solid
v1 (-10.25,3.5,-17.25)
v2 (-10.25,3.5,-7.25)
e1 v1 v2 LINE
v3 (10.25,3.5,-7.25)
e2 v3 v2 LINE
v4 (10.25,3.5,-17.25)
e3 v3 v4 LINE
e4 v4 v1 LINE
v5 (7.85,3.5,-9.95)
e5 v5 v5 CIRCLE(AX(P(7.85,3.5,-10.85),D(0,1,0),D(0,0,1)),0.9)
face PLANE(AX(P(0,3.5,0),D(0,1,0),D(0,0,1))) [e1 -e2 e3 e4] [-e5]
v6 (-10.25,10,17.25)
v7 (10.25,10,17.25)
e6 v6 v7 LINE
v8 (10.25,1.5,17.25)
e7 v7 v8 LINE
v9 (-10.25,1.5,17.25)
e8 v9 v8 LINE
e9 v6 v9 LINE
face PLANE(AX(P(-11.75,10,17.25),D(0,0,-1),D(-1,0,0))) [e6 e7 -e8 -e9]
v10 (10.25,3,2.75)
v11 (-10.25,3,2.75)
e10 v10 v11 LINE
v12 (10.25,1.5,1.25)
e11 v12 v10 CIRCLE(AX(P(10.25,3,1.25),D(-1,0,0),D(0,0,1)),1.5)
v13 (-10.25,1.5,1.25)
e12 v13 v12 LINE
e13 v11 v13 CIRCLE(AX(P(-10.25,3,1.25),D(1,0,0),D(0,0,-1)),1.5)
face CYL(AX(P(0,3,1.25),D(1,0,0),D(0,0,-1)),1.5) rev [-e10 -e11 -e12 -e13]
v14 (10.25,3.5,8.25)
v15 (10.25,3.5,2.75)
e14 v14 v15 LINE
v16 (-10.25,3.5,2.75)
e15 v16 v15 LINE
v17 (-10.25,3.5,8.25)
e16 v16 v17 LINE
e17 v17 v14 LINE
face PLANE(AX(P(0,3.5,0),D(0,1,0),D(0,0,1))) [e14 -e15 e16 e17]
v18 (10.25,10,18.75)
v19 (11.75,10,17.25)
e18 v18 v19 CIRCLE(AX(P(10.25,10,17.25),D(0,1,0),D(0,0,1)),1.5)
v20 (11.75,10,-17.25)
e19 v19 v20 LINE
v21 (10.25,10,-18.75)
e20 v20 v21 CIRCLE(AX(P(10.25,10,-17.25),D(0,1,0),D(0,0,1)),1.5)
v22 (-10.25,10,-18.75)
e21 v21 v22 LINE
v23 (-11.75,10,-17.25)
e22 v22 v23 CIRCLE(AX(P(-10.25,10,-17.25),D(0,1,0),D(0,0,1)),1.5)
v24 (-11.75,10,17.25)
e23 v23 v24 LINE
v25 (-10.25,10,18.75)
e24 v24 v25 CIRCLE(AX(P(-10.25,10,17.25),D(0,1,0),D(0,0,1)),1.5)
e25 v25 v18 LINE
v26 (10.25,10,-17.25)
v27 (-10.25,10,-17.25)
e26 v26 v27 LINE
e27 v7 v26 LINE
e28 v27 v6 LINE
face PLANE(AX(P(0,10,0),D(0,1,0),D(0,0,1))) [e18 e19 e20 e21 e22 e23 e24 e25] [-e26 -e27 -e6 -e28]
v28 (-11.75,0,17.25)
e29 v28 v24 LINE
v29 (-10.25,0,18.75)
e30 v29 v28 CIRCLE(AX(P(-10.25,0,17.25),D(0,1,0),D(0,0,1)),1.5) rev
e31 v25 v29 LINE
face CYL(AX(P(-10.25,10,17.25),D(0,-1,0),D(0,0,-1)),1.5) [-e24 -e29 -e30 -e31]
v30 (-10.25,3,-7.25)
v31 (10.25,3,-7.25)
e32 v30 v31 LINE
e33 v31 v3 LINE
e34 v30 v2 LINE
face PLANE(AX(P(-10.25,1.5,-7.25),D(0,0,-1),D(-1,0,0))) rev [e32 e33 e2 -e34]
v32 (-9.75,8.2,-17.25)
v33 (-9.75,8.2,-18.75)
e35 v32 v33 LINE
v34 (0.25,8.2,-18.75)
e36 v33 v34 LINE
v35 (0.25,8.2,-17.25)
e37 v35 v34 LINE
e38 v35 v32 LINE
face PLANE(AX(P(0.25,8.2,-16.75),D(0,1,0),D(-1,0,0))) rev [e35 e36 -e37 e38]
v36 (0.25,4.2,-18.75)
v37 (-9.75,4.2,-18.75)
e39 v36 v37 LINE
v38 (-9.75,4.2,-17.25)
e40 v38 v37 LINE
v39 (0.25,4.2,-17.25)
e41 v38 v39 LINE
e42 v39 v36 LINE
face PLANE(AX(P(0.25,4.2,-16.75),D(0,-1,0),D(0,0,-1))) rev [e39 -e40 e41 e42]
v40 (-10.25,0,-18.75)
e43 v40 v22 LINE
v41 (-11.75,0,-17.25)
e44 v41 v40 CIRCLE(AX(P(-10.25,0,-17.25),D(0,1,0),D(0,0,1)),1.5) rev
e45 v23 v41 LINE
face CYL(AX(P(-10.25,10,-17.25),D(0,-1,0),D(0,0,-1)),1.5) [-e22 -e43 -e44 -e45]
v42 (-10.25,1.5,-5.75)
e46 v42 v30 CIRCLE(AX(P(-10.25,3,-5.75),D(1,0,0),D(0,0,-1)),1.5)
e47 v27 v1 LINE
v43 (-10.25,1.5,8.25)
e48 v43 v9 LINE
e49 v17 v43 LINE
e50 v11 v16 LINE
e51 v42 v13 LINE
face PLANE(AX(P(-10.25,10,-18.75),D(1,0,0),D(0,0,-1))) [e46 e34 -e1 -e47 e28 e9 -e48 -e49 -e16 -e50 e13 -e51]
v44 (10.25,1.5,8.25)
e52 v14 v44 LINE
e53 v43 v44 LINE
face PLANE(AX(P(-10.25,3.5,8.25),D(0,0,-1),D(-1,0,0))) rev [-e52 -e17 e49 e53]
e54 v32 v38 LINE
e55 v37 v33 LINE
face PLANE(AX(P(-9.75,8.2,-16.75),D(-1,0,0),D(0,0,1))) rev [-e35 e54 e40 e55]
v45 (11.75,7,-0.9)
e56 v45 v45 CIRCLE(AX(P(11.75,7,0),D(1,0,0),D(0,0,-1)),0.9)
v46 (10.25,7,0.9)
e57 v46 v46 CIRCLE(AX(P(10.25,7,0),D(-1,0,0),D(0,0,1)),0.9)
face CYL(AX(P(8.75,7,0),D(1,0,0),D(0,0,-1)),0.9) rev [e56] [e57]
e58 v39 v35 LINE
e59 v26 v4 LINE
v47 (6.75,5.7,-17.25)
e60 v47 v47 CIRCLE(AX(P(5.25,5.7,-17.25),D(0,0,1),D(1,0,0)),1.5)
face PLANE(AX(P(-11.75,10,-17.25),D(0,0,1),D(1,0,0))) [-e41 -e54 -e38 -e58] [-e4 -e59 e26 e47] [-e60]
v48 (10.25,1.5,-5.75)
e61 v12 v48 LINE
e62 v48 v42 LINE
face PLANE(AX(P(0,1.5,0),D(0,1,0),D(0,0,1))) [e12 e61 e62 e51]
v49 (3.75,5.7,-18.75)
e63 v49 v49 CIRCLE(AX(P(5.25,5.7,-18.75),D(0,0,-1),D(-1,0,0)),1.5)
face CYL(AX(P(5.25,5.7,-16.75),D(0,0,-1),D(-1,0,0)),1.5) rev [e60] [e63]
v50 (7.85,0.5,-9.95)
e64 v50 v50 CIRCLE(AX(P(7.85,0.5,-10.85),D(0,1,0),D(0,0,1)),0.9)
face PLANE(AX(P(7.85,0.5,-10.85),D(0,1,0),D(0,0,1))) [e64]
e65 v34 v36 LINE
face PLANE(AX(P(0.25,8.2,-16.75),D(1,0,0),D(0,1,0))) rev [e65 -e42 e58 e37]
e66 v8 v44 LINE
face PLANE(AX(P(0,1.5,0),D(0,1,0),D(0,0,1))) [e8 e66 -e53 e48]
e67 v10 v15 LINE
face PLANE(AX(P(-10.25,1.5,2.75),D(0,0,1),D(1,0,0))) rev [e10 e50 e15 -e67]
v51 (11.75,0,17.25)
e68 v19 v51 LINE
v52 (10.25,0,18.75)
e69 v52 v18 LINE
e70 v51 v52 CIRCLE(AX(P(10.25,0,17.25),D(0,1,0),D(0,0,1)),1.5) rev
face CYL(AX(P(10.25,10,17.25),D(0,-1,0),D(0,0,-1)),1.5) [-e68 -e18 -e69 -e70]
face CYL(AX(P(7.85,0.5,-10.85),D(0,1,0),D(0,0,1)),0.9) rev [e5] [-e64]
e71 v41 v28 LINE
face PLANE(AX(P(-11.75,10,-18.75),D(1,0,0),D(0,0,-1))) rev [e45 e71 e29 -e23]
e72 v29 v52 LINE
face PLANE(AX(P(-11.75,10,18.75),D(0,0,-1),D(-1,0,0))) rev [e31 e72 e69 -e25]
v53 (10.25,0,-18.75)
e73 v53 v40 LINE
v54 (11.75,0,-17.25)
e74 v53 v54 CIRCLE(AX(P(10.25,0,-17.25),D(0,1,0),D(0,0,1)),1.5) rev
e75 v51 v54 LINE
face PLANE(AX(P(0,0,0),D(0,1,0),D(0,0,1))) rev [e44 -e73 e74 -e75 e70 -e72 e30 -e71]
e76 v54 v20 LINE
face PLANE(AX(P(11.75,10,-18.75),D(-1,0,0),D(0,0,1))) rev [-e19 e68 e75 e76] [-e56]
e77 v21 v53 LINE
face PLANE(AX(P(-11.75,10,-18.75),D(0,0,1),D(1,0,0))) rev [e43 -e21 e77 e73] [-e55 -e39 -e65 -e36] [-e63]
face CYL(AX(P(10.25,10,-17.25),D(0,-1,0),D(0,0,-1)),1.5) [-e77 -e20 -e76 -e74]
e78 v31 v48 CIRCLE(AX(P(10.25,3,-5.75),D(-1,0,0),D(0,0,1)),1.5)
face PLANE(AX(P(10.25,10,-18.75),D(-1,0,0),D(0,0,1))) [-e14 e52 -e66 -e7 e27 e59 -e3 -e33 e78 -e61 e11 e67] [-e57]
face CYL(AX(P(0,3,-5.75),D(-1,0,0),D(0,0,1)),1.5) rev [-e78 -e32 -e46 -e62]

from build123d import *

# Parameters (mm, degrees)
SKETCH_2_W          = 23.5
SKETCH_2_H          = 37.5
EXTRUDE_1_DEPTH     = 10
SHELL_1_T           = -1.5
FILLET_1_R          = 1.5
SKETCH_3_W          = 20.5
SKETCH_3_H          = 25.5
EXTRUDE_2_DEPTH     = 2
SKETCH_4_W          = 20.5
SKETCH_4_H          = 10
CUT_EXTRUDE_1_DEPTH = 2
FILLET_2_R          = 1.5
SKETCH_6_W          = 10
SKETCH_6_H          = 4
CUT_EXTRUDE_2_DEPTH = 2
SKETCH_7_R          = 1.5
CUT_EXTRUDE_3_DEPTH = 2
SKETCH_8_R          = 0.9
CUT_EXTRUDE_4_DEPTH = 3
SKETCH_9_R          = 0.9
CUT_EXTRUDE_5_DEPTH = 3


with BuildPart() as part:
    # 草图2 → 凸台-拉伸1 (new body)
    with BuildSketch(Plane(origin=(0, 0, 0), x_dir=(1, 0, 0), z_dir=(0, 1, 0))):
        Rectangle(SKETCH_2_W, SKETCH_2_H)
    extrude(amount=EXTRUDE_1_DEPTH)

    # 抽壳1
    shell_1_openings = [part.faces().sort_by_distance(p)[0] for p in [
        (0, 10, 0),
    ]]
    offset(amount=SHELL_1_T, openings=shell_1_openings, kind=Kind.INTERSECTION)

    # 圆角1
    fillet_1_edges = [part.edges().sort_by_distance(p)[0] for p in [
        (-11.75, 5, -18.75),
        (11.75, 5, -18.75),
        (11.75, 5, 18.75),
        (-11.75, 5, 18.75),
    ]]
    fillet(fillet_1_edges, radius=FILLET_1_R)

    # 草图3 → 凸台-拉伸2 (add)
    with BuildSketch(Plane(origin=(0, 1.5, 0), x_dir=(1, 0, 0), z_dir=(0, 1, 0))):
        with Locations((0, 4.5)):
            Rectangle(SKETCH_3_W, SKETCH_3_H)
    extrude(amount=EXTRUDE_2_DEPTH)

    # 草图4 → 切除-拉伸1 (cut)
    with BuildSketch(Plane(origin=(0, 3.5, 0), x_dir=(1, 0, 0), z_dir=(0, 1, 0))):
        with Locations((0, 2.25)):
            Rectangle(SKETCH_4_W, SKETCH_4_H)
    extrude(amount=-CUT_EXTRUDE_1_DEPTH, mode=Mode.SUBTRACT)

    # 圆角2
    fillet_2_edges = [part.edges().sort_by_distance(p)[0] for p in [
        (0, 1.5, -7.25),
        (0, 1.5, 2.75),
    ]]
    fillet(fillet_2_edges, radius=FILLET_2_R)

    # 草图6 → 切除-拉伸2 (cut)
    with BuildSketch(Plane(origin=(0, 0, -18.75), x_dir=(-1, 0, 0), z_dir=(0, 0, -1))):
        with Locations((4.75, 6.2)):
            Rectangle(SKETCH_6_W, SKETCH_6_H)
    extrude(amount=-CUT_EXTRUDE_2_DEPTH, mode=Mode.SUBTRACT)

    # 草图7 → 切除-拉伸3 (cut)
    with BuildSketch(Plane(origin=(0, 0, -18.75), x_dir=(-1, 0, 0), z_dir=(0, 0, -1))):
        with Locations((-5.25, 5.7)):
            Circle(SKETCH_7_R)
    extrude(amount=-CUT_EXTRUDE_3_DEPTH, mode=Mode.SUBTRACT)

    # 草图8 → 切除-拉伸4 (cut)
    with BuildSketch(Plane(origin=(0, 3.5, 0), x_dir=(1, 0, 0), z_dir=(0, 1, 0))):
        with Locations(Location((7.85, 10.85, 0), (0, 0, 270))):
            Circle(SKETCH_8_R)
    extrude(amount=-CUT_EXTRUDE_4_DEPTH, mode=Mode.SUBTRACT)

    # 草图9 → 切除-拉伸5 (cut)
    with BuildSketch(Plane(origin=(11.75, 0, 0), x_dir=(0, 0, -1), z_dir=(1, 0, 0))):
        with Locations((0, 7)):
            Circle(SKETCH_9_R)
    extrude(amount=-CUT_EXTRUDE_5_DEPTH, mode=Mode.SUBTRACT)


solid = part.part
